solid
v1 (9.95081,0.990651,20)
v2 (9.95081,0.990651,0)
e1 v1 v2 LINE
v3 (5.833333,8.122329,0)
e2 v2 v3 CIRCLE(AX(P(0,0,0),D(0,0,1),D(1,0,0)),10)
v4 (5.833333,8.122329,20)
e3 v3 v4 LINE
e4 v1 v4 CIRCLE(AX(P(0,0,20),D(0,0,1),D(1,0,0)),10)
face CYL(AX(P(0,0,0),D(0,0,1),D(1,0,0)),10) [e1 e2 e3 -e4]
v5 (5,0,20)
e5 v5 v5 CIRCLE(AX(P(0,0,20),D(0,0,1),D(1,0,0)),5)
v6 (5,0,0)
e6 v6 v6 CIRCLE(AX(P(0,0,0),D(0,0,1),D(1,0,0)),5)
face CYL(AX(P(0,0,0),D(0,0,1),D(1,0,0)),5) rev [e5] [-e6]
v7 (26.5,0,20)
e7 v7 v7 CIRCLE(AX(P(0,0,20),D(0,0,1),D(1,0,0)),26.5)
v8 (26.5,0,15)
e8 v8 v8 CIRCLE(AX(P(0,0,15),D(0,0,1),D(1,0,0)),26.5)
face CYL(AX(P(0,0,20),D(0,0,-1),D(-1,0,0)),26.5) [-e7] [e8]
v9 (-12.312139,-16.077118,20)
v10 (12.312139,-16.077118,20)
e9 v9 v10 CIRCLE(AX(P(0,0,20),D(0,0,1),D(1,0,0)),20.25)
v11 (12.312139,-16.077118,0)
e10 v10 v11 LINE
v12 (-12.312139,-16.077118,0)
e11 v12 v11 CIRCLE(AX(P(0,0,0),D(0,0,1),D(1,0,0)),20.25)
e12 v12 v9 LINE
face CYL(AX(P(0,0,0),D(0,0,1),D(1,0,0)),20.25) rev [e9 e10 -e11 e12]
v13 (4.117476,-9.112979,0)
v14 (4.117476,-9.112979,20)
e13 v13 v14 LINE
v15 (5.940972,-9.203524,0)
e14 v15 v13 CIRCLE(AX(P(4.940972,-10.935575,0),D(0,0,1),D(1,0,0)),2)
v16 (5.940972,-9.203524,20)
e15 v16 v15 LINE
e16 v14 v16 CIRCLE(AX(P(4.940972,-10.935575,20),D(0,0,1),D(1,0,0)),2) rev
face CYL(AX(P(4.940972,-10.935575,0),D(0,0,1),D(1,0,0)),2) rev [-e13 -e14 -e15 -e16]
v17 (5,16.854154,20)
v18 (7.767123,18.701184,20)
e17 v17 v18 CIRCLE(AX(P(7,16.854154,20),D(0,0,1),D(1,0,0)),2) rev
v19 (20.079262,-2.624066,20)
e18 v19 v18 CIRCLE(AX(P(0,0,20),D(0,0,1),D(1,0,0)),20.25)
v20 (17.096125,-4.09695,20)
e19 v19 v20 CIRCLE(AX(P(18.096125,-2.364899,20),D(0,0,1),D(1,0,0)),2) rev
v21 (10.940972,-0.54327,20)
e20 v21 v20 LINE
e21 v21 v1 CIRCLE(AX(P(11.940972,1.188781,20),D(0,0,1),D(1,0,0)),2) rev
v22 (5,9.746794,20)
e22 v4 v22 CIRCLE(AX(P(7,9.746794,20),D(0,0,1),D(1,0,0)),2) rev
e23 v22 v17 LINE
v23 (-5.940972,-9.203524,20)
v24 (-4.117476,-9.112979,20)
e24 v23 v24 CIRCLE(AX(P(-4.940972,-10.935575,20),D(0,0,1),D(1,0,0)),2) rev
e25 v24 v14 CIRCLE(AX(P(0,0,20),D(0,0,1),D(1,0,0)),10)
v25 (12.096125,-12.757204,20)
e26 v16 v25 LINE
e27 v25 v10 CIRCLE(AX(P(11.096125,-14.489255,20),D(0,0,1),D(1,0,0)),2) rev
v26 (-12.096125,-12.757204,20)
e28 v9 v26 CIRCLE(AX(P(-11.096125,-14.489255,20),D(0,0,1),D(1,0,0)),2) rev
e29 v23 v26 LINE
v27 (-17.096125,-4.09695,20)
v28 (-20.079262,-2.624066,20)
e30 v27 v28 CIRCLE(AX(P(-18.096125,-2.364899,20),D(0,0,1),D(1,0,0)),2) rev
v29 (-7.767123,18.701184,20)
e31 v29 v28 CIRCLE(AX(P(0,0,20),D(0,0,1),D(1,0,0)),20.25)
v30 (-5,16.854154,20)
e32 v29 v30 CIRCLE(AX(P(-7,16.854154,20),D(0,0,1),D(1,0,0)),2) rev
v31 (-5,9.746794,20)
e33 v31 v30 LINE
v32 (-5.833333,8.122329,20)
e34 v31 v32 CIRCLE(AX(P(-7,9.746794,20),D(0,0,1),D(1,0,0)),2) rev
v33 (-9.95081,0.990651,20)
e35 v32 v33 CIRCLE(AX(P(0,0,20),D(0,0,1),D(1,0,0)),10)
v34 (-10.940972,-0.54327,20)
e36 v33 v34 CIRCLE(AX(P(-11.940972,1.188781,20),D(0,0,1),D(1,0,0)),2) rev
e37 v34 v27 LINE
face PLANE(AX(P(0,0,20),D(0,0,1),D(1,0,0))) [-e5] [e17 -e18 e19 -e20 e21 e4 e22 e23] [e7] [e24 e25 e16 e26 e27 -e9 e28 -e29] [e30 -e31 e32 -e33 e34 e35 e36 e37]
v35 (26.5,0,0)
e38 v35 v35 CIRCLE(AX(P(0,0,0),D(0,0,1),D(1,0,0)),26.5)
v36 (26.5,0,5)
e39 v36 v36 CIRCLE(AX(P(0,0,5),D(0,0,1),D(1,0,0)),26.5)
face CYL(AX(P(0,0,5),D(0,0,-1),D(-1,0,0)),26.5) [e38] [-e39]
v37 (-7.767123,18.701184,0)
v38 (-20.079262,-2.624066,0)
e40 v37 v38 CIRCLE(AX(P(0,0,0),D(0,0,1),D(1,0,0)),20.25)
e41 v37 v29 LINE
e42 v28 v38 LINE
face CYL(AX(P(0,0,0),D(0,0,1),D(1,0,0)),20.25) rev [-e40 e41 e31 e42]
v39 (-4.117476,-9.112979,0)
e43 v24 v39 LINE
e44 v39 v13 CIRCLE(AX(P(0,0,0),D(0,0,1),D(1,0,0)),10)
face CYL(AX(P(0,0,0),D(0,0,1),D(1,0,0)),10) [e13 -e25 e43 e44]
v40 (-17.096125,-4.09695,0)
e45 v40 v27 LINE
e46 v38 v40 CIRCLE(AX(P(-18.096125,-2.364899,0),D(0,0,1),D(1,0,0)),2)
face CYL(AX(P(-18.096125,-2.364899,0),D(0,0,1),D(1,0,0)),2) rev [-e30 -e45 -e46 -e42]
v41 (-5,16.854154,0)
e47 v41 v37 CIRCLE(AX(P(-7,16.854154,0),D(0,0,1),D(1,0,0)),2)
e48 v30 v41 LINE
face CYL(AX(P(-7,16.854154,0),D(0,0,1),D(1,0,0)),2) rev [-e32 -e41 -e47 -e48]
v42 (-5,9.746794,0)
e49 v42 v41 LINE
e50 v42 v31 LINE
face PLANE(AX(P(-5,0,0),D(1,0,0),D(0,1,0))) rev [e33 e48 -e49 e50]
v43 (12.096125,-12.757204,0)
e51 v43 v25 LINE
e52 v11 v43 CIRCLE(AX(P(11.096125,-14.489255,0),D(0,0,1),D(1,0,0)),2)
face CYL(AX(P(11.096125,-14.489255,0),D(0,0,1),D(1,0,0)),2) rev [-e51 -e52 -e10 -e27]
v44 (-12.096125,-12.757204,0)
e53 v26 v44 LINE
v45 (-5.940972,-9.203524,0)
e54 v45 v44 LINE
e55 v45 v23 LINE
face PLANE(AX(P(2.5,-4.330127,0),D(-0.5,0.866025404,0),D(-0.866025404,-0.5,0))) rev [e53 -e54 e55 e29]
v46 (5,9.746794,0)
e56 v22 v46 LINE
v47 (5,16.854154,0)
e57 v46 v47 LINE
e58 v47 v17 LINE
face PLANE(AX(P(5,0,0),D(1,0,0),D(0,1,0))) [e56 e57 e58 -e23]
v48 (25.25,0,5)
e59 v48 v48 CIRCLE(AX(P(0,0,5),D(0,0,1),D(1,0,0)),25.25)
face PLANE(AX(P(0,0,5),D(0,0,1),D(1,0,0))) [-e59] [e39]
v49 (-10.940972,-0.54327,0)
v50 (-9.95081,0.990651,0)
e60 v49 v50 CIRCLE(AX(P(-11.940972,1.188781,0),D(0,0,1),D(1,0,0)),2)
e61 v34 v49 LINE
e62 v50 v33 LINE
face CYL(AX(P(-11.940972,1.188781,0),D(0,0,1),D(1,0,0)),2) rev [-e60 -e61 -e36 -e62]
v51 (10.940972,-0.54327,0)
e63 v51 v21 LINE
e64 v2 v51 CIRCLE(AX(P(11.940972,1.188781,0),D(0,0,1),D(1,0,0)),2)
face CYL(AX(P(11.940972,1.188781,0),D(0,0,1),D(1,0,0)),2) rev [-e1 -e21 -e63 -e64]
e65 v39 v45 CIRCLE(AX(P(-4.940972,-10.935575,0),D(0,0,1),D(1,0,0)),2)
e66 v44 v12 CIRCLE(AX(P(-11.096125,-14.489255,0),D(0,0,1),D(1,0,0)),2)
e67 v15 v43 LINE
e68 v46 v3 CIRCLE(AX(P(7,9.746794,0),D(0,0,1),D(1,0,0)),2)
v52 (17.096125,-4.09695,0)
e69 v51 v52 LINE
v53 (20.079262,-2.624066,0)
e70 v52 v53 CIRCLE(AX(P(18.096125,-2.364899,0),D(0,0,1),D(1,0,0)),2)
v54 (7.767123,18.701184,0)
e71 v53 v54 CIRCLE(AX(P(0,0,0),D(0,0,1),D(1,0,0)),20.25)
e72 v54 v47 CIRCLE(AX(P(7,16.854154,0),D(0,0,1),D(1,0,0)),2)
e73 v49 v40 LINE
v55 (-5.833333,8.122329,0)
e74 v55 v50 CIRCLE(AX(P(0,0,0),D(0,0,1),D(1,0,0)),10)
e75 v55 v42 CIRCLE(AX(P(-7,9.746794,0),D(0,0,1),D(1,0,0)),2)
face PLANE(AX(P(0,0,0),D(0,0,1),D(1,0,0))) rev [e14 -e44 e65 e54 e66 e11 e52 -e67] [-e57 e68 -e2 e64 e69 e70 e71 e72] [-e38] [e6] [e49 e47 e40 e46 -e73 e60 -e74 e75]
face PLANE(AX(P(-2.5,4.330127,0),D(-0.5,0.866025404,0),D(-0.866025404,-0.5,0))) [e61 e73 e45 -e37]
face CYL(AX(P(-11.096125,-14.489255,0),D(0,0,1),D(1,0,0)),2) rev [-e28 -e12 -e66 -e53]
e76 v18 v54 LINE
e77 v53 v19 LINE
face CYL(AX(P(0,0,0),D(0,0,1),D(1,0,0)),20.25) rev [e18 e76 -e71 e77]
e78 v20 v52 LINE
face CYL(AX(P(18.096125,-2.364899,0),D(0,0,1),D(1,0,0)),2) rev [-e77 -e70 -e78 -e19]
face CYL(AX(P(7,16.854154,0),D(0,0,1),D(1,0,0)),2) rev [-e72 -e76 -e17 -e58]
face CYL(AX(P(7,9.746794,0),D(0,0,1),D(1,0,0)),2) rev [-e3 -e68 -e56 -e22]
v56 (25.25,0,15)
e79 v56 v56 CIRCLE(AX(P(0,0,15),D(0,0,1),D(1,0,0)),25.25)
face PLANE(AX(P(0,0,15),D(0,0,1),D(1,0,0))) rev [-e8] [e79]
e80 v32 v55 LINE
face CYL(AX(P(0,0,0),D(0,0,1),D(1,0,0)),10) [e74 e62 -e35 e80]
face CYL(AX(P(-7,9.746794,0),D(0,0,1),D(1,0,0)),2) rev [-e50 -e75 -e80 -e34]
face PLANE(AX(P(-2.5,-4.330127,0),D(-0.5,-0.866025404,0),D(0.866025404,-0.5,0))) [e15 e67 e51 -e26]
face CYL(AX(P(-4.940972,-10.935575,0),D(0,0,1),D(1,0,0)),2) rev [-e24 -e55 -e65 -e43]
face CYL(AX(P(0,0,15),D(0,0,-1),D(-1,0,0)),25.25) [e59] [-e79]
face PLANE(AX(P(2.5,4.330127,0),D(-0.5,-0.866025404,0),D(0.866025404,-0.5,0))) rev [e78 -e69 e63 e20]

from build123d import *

# Parameters (mm, degrees)
SKETCH1_R           = 26.5
BOSS_EXTRUDE1_DEPTH = 5
SKETCH2_R           = 25.25
BOSS_EXTRUDE2_DEPTH = 10
SKETCH3_R           = 26.5
BOSS_EXTRUDE3_DEPTH = 5
SKETCH4_R           = 5
CUT_EXTRUDE1_DEPTH  = 43.479406776
CUT_EXTRUDE2_DEPTH  = 43.479406776
FILLET1_R           = 2


with BuildPart() as part:
    # Sketch1 → Boss-Extrude1 (new body)
    with BuildSketch(Plane.XY):
        Circle(SKETCH1_R)
    extrude(amount=BOSS_EXTRUDE1_DEPTH)

    # Sketch2 → Boss-Extrude2 (add)
    with BuildSketch(Plane.XY.offset(5)):
        Circle(SKETCH2_R)
    extrude(amount=BOSS_EXTRUDE2_DEPTH)

    # Sketch3 → Boss-Extrude3 (add)
    with BuildSketch(Plane.XY.offset(15)):
        Circle(SKETCH3_R)
    extrude(amount=BOSS_EXTRUDE3_DEPTH)

    # Sketch4 → Cut-Extrude1 (cut, through all)
    with BuildSketch(Plane.XY.offset(20)):
        Circle(SKETCH4_R)
    extrude(amount=-CUT_EXTRUDE1_DEPTH, mode=Mode.SUBTRACT)

    # Sketch6 → Cut-Extrude2 (cut, through all)
    with BuildSketch(Plane.XY.offset(20)):
        with BuildLine():
            ThreePointArc((-10, 0), (-8.660254038, 5), (-5, 8.660254038))
            Line((-5, 8.660254038), (-5, 19.623009453))
            ThreePointArc((-5, 19.623009453), (-17.537014427, 10.125), (-19.494024685, -5.481377708))
            Line((-19.494024685, -5.481377708), (-10, 0))
        make_face()
        with BuildLine():
            Line((14.494024685, -14.141631746), (5, -8.660254038))
            ThreePointArc((5, -8.660254038), (0, -10), (-5, -8.660254038))
            Line((-5, -8.660254038), (-14.494024685, -14.141631746))
            ThreePointArc((-14.494024685, -14.141631746), (0, -20.25), (14.494024685, -14.141631746))
        make_face()
        with BuildLine():
            Line((5, 19.623009453), (5, 8.660254038))
            ThreePointArc((5, 8.660254038), (8.660254038, 5), (10, 0))
            Line((10, 0), (19.494024685, -5.481377708))
            ThreePointArc((19.494024685, -5.481377708), (20.0601159, -2.766631537), (20.25, 0))
            ThreePointArc((20.25, 0), (15.989254204, 12.426031144), (5, 19.623009453))
        make_face()
    extrude(amount=-CUT_EXTRUDE2_DEPTH, mode=Mode.SUBTRACT)

    # Fillet1
    fillet1_edges = [part.edges().sort_by_distance(p)[0] for p in [
        (10, 0, 10),
        (5, 8.660254038, 10),
        (5, 19.623009453, 10),
        (19.494024685, -5.481377708, 10),
        (-5, -8.660254038, 10),
        (5, -8.660254038, 10),
        (14.494024685, -14.141631746, 10),
        (-14.494024685, -14.141631746, 10),
        (-5, 8.660254038, 10),
        (-10, 0, 10),
        (-19.494024685, -5.481377708, 10),
        (-5, 19.623009453, 10),
    ]]
    fillet(fillet1_edges, radius=FILLET1_R)


solid = part.part
